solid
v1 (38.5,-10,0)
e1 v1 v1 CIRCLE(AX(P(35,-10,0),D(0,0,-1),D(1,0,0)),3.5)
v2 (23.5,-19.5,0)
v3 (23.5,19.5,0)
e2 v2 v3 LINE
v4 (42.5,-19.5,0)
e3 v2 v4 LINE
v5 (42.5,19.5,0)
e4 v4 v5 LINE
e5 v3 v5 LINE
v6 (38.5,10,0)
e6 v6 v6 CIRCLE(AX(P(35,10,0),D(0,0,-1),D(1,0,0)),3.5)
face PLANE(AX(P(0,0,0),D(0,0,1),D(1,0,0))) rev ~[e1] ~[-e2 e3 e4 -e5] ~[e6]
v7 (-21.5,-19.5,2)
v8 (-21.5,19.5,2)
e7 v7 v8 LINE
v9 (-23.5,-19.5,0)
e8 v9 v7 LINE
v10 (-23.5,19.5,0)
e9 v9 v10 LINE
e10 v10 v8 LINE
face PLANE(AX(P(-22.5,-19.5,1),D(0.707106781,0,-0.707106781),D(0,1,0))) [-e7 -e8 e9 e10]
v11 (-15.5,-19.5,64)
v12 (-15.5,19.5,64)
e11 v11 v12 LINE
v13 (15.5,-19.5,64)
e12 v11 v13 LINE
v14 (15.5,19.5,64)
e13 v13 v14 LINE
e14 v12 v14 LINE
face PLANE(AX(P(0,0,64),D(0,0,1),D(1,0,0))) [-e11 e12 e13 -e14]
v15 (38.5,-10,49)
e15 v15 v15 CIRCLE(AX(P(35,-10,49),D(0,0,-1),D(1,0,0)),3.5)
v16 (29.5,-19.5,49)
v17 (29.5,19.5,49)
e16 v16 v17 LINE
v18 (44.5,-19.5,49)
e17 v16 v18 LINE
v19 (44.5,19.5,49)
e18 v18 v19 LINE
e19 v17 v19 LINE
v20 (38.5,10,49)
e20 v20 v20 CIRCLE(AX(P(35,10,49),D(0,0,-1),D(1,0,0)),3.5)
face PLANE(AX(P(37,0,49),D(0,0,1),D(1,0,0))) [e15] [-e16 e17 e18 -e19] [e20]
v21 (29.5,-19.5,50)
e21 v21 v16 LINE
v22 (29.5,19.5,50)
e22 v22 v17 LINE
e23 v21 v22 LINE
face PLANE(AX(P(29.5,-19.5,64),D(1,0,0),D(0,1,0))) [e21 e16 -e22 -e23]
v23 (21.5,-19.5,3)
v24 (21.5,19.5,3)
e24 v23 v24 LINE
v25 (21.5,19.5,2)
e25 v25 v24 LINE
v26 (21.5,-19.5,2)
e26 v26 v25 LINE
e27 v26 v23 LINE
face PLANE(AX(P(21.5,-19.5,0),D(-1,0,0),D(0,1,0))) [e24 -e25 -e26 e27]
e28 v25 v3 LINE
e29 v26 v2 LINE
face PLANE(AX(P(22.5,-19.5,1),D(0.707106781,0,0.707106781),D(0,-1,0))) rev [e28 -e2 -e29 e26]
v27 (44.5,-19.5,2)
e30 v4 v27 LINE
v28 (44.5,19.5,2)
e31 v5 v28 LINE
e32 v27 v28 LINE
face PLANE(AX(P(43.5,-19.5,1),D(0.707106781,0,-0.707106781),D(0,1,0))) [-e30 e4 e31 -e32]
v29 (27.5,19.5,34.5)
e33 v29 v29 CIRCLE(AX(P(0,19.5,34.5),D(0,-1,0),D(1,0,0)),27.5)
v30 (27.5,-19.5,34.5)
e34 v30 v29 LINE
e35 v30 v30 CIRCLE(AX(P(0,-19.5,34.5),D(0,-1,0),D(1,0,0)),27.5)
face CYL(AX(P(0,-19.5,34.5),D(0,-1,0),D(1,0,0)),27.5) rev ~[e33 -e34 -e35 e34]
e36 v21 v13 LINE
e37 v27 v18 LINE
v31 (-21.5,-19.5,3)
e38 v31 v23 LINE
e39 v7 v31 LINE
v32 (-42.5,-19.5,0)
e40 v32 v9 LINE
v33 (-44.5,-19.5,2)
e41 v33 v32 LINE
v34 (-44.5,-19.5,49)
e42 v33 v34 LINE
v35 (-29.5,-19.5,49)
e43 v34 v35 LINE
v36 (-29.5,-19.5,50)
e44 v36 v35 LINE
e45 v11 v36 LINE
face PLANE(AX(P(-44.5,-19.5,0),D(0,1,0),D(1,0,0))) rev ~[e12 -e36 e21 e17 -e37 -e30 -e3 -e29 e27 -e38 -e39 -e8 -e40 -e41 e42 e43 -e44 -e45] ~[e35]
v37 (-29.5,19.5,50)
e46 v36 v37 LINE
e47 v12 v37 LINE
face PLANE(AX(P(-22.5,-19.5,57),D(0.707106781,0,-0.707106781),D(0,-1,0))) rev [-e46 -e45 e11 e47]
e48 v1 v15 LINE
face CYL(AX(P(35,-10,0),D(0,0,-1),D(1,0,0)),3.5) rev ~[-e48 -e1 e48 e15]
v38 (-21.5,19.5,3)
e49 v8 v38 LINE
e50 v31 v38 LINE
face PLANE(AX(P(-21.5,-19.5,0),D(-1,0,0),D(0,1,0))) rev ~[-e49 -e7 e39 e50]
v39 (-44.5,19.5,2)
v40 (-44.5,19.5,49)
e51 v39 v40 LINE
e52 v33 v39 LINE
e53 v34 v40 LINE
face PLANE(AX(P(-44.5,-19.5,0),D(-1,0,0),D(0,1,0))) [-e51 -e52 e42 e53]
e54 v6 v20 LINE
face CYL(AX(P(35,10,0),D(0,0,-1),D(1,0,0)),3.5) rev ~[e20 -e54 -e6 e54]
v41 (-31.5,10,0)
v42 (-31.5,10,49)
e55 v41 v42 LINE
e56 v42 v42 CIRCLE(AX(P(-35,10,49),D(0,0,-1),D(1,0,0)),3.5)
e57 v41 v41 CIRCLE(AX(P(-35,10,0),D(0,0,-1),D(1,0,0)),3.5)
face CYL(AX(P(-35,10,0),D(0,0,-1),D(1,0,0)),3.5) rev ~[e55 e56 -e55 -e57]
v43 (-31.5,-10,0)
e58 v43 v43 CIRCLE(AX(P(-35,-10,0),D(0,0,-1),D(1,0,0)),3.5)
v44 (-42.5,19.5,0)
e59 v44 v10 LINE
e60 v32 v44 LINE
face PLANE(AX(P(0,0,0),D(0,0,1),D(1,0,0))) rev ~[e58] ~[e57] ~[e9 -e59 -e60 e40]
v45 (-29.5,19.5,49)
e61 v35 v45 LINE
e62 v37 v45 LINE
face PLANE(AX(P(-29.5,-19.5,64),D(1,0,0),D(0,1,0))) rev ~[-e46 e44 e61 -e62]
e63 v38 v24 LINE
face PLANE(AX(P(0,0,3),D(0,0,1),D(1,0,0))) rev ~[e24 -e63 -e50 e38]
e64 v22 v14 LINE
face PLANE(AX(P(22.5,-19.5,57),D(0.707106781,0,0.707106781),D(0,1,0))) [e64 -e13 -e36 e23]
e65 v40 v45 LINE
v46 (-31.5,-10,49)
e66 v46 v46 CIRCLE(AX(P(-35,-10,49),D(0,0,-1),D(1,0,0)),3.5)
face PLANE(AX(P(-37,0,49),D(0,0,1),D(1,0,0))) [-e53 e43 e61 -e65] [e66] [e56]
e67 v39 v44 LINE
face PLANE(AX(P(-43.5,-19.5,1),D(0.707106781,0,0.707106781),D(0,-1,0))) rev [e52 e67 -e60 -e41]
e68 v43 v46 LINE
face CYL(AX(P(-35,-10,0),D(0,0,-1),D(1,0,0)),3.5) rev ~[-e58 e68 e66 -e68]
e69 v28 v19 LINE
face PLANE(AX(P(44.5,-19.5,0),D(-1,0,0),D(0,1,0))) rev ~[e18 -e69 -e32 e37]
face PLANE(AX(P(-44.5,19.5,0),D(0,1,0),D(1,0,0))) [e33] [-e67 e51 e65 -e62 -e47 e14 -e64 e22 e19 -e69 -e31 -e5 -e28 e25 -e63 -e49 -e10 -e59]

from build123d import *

# Parameters (mm, degrees)
SKETCH_W        = 89
SKETCH_H        = 39
PAD_DEPTH       = 64
SKETCH001_W     = 43
SKETCH001_H     = 39
POCKET_DEPTH    = 3
CHAMFER_SIZE    = 2
SKETCH002_R     = 27.5
POCKET001_DEPTH = 39.001
SKETCH003_W     = 15
SKETCH003_H     = 39
POCKET002_DEPTH = 15
CHAMFER001_SIZE = 14
SKETCH004_R     = 3.5
POCKET003_DEPTH = 64.001


with BuildPart() as part:
    # Sketch → Pad (new body)
    with BuildSketch(Plane.XY):
        Rectangle(SKETCH_W, SKETCH_H)
    extrude(amount=PAD_DEPTH)

    # Sketch001 → Pocket (cut)
    with BuildSketch(Plane.XY):
        Rectangle(SKETCH001_W, SKETCH001_H)
    extrude(amount=POCKET_DEPTH, mode=Mode.SUBTRACT)

    # Chamfer
    chamfer_edges = [part.edges().sort_by_distance(p)[0] for p in [
        (21.5, 0, 0),
        (-21.5, 0, 0),
        (44.5, 0, 0),
        (-44.5, 0, 0),
    ]]
    chamfer(chamfer_edges, length=CHAMFER_SIZE)

    # Sketch002 (on Face1 of Chamfer) → Pocket001 (cut, through all)
    with BuildSketch(Plane.XZ.offset(19.5)):
        with Locations((0, 34.5)):
            Circle(SKETCH002_R)
    extrude(amount=-POCKET001_DEPTH, mode=Mode.SUBTRACT)

    # Sketch003 (on Face7 of Pocket001) → Pocket002 (cut)
    with BuildSketch(Plane.XY.offset(64)):
        with Locations((-37, 0)):
            Rectangle(SKETCH003_W, SKETCH003_H)
        with Locations((37, 0)):
            Rectangle(SKETCH003_W, SKETCH003_H)
    extrude(amount=-POCKET002_DEPTH, mode=Mode.SUBTRACT)

    # Chamfer001
    chamfer001_edges = [part.edges().sort_by_distance(p)[0] for p in [
        (29.5, 0, 64),
        (-29.5, 0, 64),
    ]]
    chamfer(chamfer001_edges, length=CHAMFER001_SIZE)

    # Sketch004 (on Face10 of Chamfer001) → Pocket003 (cut, through all)
    with BuildSketch(Plane(origin=(0, 0, 0), x_dir=(1, 0, 0), z_dir=(0, 0, -1))):
        with Locations((-35, -10)):
            Circle(SKETCH004_R)
        with Locations((-35, 10)):
            Circle(SKETCH004_R)
        with Locations((35, 10)):
            Circle(SKETCH004_R)
        with Locations((35, -10)):
            Circle(SKETCH004_R)
    extrude(amount=-POCKET003_DEPTH, mode=Mode.SUBTRACT)


solid = part.part
